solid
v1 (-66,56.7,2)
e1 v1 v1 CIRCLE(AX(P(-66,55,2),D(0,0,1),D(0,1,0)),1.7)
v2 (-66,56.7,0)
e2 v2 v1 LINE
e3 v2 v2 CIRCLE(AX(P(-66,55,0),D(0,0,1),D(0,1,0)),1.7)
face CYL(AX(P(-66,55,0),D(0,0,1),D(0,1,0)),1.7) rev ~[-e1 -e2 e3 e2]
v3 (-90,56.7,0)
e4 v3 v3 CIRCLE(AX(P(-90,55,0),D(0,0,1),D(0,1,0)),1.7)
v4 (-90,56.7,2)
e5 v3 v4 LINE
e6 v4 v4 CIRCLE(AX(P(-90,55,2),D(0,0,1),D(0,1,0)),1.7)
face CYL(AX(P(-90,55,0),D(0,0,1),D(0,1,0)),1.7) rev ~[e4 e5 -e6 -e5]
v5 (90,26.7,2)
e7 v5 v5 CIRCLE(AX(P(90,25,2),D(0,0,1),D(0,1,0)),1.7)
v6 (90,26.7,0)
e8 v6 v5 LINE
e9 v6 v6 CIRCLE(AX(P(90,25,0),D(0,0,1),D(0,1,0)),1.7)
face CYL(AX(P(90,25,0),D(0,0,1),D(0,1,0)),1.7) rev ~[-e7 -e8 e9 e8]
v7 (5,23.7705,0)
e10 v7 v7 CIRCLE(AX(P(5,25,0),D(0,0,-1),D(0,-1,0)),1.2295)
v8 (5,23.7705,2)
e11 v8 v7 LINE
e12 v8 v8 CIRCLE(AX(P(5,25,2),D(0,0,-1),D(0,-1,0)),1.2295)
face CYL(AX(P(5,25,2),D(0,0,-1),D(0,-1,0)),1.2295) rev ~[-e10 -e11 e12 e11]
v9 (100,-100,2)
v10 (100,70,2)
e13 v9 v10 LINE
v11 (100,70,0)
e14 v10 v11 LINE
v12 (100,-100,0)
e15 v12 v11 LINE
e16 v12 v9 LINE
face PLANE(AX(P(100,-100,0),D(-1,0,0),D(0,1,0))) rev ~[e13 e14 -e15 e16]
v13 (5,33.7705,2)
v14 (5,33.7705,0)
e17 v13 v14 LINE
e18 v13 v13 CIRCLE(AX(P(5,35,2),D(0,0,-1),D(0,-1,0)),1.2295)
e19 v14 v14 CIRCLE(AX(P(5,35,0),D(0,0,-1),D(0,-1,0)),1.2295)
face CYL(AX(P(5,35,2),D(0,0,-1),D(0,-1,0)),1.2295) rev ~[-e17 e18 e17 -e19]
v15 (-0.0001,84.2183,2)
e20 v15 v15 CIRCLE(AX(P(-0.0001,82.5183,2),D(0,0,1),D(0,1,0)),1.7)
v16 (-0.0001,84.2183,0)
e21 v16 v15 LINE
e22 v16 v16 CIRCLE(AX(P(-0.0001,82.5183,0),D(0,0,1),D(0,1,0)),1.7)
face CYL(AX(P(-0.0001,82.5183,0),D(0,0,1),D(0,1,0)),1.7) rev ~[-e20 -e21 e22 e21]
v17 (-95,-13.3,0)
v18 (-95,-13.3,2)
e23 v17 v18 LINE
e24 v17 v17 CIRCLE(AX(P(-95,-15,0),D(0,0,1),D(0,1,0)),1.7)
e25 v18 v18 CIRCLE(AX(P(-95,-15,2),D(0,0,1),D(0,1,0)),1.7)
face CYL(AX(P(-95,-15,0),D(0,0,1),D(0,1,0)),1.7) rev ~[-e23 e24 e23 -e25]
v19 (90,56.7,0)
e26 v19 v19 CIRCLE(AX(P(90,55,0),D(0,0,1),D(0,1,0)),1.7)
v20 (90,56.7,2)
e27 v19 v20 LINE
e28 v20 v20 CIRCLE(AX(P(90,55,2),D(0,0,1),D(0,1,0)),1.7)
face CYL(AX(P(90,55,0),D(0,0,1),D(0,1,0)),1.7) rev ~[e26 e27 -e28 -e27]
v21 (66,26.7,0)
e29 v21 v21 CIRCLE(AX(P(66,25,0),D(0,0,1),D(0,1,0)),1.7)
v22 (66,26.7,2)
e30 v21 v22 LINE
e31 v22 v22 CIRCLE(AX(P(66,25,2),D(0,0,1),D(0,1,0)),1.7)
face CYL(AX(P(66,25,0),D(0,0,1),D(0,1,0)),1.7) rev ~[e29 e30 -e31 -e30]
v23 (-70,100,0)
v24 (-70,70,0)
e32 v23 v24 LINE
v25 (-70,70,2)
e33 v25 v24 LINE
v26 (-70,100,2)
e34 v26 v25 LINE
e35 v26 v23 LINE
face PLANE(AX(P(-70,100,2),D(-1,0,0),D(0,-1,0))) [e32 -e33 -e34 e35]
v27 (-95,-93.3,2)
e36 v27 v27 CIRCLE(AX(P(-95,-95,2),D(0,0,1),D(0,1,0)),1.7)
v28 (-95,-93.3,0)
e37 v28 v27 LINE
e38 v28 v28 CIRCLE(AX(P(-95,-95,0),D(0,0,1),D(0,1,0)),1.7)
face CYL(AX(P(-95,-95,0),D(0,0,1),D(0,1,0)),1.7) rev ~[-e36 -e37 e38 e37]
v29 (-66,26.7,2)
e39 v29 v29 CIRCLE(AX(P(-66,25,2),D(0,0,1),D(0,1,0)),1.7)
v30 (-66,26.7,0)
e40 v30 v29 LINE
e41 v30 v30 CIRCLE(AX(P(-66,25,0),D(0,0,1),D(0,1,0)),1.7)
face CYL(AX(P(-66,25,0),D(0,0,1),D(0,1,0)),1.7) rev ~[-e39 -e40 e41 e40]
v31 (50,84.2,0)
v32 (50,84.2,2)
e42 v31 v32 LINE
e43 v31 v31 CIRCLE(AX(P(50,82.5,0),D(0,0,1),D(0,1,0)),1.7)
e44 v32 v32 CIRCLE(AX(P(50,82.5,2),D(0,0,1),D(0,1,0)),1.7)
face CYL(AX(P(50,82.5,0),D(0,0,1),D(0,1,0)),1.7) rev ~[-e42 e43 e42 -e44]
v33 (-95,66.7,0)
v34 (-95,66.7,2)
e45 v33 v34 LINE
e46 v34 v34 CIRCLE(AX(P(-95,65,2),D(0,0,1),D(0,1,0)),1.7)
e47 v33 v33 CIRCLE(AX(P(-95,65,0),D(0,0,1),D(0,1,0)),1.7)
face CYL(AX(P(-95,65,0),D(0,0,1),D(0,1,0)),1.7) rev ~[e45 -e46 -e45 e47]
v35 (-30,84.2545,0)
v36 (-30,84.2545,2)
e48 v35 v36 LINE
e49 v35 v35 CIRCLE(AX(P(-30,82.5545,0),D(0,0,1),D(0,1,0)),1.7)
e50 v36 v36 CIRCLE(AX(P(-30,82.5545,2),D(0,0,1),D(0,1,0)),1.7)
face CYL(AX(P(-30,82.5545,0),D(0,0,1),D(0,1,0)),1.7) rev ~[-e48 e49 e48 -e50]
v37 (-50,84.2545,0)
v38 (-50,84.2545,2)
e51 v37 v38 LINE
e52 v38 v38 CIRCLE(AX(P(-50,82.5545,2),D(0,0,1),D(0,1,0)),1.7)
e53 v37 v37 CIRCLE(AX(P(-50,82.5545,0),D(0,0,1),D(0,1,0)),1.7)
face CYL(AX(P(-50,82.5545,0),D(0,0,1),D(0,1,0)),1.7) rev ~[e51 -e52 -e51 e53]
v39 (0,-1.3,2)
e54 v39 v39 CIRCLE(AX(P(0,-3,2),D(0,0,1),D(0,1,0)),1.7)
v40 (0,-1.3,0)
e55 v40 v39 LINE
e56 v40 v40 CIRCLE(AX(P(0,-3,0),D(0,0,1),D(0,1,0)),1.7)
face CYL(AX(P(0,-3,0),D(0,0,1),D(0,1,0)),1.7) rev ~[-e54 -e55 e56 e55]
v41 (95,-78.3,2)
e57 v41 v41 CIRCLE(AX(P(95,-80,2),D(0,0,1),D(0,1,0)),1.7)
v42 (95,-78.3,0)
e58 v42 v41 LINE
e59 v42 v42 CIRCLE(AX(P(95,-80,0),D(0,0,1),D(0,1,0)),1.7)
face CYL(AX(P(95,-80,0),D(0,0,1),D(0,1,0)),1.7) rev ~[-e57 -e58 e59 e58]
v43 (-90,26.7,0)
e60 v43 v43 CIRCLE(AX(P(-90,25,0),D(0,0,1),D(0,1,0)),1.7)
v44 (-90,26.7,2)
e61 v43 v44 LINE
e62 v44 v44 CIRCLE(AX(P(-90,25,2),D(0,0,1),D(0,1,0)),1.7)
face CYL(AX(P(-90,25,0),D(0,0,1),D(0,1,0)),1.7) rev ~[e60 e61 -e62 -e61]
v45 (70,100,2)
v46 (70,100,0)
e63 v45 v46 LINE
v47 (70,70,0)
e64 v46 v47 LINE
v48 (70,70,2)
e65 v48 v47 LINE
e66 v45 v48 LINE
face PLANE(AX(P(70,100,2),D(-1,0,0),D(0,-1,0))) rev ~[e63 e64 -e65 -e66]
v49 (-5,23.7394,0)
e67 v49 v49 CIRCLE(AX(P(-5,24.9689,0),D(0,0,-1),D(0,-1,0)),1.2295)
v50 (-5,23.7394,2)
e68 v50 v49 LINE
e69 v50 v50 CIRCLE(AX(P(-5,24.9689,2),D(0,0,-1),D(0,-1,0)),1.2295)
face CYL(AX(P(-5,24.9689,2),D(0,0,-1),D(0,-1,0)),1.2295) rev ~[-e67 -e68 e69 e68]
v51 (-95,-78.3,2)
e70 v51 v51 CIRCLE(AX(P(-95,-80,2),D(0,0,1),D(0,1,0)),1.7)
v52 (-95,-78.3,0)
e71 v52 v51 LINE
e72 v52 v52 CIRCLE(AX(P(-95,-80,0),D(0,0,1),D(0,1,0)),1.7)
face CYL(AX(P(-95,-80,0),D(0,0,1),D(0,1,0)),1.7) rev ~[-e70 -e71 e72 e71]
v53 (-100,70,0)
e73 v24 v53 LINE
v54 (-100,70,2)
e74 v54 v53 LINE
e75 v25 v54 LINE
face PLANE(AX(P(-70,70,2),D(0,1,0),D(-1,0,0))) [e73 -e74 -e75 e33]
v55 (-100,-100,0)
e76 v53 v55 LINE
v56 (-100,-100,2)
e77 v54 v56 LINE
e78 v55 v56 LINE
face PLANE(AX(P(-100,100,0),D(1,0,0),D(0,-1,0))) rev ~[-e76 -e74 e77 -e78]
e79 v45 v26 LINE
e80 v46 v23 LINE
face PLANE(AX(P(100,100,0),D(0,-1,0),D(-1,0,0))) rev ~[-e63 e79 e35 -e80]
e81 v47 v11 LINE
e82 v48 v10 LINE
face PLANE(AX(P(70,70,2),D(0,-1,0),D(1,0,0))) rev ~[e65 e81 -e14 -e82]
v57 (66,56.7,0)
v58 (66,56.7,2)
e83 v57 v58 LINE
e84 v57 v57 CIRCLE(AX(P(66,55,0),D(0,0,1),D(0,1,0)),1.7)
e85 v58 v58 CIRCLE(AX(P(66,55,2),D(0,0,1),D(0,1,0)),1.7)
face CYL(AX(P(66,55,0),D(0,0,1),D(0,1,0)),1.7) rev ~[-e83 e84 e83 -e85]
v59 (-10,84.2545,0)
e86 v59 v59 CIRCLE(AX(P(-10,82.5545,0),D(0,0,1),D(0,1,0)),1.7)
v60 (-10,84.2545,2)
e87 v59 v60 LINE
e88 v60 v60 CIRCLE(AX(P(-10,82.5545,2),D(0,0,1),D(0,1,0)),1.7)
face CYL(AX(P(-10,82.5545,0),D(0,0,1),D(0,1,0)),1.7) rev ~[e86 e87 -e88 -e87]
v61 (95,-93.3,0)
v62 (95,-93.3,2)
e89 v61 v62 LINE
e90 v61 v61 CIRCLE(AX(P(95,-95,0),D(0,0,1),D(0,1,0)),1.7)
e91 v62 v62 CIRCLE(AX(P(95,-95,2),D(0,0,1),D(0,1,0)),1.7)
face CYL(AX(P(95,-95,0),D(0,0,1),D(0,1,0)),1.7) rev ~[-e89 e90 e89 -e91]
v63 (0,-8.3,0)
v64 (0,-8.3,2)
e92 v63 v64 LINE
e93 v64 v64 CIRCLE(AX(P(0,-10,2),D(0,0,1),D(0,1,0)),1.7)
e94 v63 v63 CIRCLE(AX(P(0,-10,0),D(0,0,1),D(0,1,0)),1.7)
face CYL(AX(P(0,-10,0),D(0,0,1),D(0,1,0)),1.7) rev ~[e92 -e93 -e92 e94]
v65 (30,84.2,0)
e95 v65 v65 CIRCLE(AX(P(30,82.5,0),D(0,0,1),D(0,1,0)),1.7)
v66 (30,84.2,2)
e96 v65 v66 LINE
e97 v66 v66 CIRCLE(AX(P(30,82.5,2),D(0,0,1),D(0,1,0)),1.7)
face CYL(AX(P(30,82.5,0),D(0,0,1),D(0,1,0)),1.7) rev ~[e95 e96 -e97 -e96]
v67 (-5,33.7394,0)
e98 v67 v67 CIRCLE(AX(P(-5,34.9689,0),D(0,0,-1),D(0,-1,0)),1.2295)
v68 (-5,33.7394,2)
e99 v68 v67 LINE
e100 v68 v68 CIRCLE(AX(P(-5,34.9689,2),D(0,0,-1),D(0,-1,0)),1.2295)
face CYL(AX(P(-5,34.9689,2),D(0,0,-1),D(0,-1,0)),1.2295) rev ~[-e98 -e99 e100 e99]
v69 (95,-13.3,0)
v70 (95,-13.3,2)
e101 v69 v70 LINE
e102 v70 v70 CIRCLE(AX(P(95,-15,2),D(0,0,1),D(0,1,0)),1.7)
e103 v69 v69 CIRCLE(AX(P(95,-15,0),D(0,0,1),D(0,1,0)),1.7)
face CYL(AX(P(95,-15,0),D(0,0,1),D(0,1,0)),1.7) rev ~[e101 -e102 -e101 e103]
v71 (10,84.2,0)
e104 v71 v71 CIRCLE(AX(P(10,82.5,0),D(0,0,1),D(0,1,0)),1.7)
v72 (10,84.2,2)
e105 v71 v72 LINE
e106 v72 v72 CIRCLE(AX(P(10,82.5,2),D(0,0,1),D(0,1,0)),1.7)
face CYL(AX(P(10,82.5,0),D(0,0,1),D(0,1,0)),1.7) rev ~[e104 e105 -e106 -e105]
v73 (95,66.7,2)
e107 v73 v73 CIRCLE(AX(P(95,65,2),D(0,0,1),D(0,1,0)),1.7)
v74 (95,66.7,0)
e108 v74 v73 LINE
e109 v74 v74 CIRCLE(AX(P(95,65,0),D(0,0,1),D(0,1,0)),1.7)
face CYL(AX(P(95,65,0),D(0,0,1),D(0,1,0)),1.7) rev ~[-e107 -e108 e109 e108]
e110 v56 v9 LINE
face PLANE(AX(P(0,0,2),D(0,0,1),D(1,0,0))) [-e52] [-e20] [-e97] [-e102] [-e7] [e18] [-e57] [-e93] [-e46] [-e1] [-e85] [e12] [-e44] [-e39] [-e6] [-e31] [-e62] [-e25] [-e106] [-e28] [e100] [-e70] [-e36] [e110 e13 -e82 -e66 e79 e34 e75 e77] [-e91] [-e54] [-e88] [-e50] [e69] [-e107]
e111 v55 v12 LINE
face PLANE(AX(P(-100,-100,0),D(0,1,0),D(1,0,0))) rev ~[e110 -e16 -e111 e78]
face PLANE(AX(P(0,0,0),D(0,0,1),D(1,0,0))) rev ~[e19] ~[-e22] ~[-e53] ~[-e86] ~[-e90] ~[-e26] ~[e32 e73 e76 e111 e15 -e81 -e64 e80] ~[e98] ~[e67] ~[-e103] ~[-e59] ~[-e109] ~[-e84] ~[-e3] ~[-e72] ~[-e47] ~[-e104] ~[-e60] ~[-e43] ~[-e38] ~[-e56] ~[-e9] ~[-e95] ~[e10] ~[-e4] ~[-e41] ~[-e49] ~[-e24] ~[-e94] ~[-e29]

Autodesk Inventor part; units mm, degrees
ref_plane "YZ Plane" through (0, 0, 0) normal (1, 0, 0) x (0, 1, 0)
ref_plane "XZ Plane" through (0, 0, 0) normal (0, 1, 0) x (-1, 0, 0)
ref_plane "XY Plane" through (0, 0, 0) normal (0, 0, 1) x (1, 0, 0)
sketch "スケッチ1" plane through (0, 0, 0) normal (0, 0, 1) x (1, 0, 0)
  line L0 (-100, -100) -> (100, -100)
  line L1 (100, -100) -> (100, 100)
  line L2 (100, 100) -> (-100, 100)
  line L3 (-100, 100) -> (-100, -100)
  line L4 (-100, -100) -> (100, 100) construction
  line L5 (100, -100) -> (-100, 100) construction
  point P0 (0, 0)
  dimension "d0" = 200
  dimension "d1" = 200
extrude "押し出し1" add sketch "スケッチ1" along normal blind 2
sketch "スケッチ2" plane through (0, 0, 2) normal (0, 0, 1) x (1, 0, 0)
  line L0 (100, 100) -> (-100, 100) projected
  line L1 (100, 100) -> (70, 100)
  line L2 (70, 100) -> (70, 70)
  line L3 (70, 70) -> (100, 70)
  line L4 (100, 70) -> (100, 100)
  line L5 (-100, -100) -> (100, -100) projected
  line L6 (-100, 100) -> (-100, -100) projected
  line L7 (-100, 100) -> (-70, 100)
  line L8 (-70, 100) -> (-70, 70)
  line L9 (-70, 70) -> (-100, 70)
  line L10 (-100, 70) -> (-100, 100)
  point P0 (0, 0)
  point P1 (-100, 70)
  dimension "d4" = 170
  dimension "d5" = 30
  dimension "d6" = 30
  dimension "d7" = 170
extrude "押し出し2" cut sketch "スケッチ2" against normal blind 2
sketch "スケッチ3" plane through (0, 0, 0) normal (0, 0, -1) x (-1, 0, 0)
  line L0 (-70, 100) -> (70, 100) projected
  point P0 (0, 0)
  point P1 (-35.7932, 78)
  point P2 (37.7411, 78)
  point P3 (-61, 89.1596)
  point P4 (61, 89.1596)
  point P5 (-50, 82.5)
  point P6 (-30, 82.5)
  point P7 (-10, 82.5)
  point P8 (0.0001, 82.5183)
  point P9 (10, 82.5545)
  point P10 (30, 82.5545)
  point P11 (50, 82.5545)
  point P12 (51.6496, 93.6869)
  dimension "d10" = 22
  dimension "d11" = 61
  dimension "d12" = 61
  dimension "d13" = 17.5
  dimension "d14" = 11
  dimension "d15" = 31
  dimension "d16" = 51
  dimension "d17" = 71
  dimension "d18" = 91
  dimension "d19" = 111
hole "穴1" at (50, 82.5, 0) at (30, 82.5, 0) at (10, 82.5, 0) at (-10, 82.5545, 0) at (-30, 82.5545, 0) at (-50, 82.5545, 0) at (-0.0001, 82.5183, 0) direction (0, 0, 1) diameter 3.4 end through all clearance for "Flat Head Machine Screw" size "M3" standard "Ansi Metric M Profile"
sketch "スケッチ4" plane through (0, 0, 0) normal (0, 0, -1) x (-1, 0, 0)
  line L0 (-70, 70) -> (-100, 70) projected
  line L1 (-100, -100) -> (-100, 70) projected
  line L2 (100, 70) -> (100, -100) projected
  line L3 (100, 70) -> (70, 70) projected
  point P0 (0, 0)
  point P1 (-90, 55)
  point P2 (-66, 55)
  point P3 (-90, 25)
  point P4 (-66, 25)
  point P5 (90, 58)
  point P6 (66, 58)
  point P7 (90, 12.16)
  point P8 (66, 12.16)
  dimension "d27" = 15
  dimension "d28" = 15
  dimension "d29" = 10
  dimension "d30" = 24
  dimension "d31" = 10
  dimension "d32" = 30
  dimension "d33" = 30
  dimension "d34" = 24
  dimension "d35" = 10
  dimension "d36" = 12
  dimension "d37" = 24
  dimension "d38" = 10
  dimension "d39" = 24
hole "穴2" at (66, 25, 0) at (90, 25, 0) at (66, 55, 0) at (90, 55, 0) direction (0, 0, 1) diameter 3.4 end through all clearance for "Flat Head Machine Screw" size "M3" standard "Ansi Metric M Profile"
sketch "スケッチ5" plane through (0, 0, 0) normal (0, 0, -1) x (-1, 0, 0)
  point P0 (0, 0)
sketch "スケッチ6" plane through (0, 0, 0) normal (0, 0, -1) x (-1, 0, 0)
  line L0 (100, 70) -> (70, 70) projected
  line L1 (100, 70) -> (100, -100) projected
  point P0 (0, 0)
  point P1 (90, 55)
  point P2 (66, 55)
  point P3 (90, 25)
  point P4 (66, 25)
  dimension "d47" = 15
  dimension "d48" = 15
  dimension "d49" = 10
  dimension "d50" = 24
  dimension "d51" = 10
  dimension "d52" = 24
  dimension "d53" = 30
  dimension "d54" = 30
hole "穴3" at (-90, 25, 0) at (-66, 25, 0) at (-66, 55, 0) at (-90, 55, 0) direction (0, 0, 1) diameter 3.4 end through all clearance for "Flat Head Machine Screw" size "M3" standard "Ansi Metric M Profile"
sketch "スケッチ7" plane through (0, 0, 0) normal (0, 0, -1) x (-1, 0, 0)
  point P0 (0, 0)
sketch "スケッチ8" plane through (0, 0, 0) normal (0, 0, -1) x (-1, 0, 0)
  line L0 (-100, -100) -> (-100, 70) projected
  line L1 (-70, 70) -> (-100, 70) projected
  line L2 (100, 70) -> (70, 70) projected
  line L3 (100, 70) -> (100, -100) projected
  point P0 (0, 0)
  point P1 (-95, 65)
  point P2 (95, 65)
  dimension "d62" = 5
  dimension "d63" = 5
  dimension "d64" = 5
  dimension "d65" = 5
hole "穴4" at (95, 65, 0) at (-95, 65, 0) direction (0, 0, 1) diameter 3.4 end through all clearance for "Flat Head Machine Screw" size "M3" standard "Ansi Metric M Profile"
sketch "スケッチ9" plane through (0, 0, 0) normal (0, 0, -1) x (-1, 0, 0)
  line L0 (-100, -100) -> (-100, 70) projected
  line L1 (100, -100) -> (-100, -100) projected
  line L2 (100, 70) -> (100, -100) projected
  point P0 (0, 0)
  point P1 (-95, -95)
  point P2 (95, -95)
  dimension "d73" = 5
  dimension "d74" = 5
  dimension "d75" = 5
  dimension "d76" = 5
hole "穴5" at (95, -95, 0) at (-95, -95, 0) direction (0, 0, 1) diameter 3.4 end through all clearance for "Flat Head Machine Screw" size "M3" standard "Ansi Metric M Profile"
sketch "スケッチ10" plane through (0, 0, 0) normal (0, 0, -1) x (-1, 0, 0)
  circle A0 centre (-95, 65) radius 1.7 projected
  line L0 (-100, -100) -> (-100, 70) projected
  line L1 (100, 70) -> (100, -100) projected
  point P0 (0, 0)
  point P1 (-95, -15)
  point P2 (95, -25)
  dimension "d84" = 80
  dimension "d85" = 5
  dimension "d86" = 5
hole "穴6" at (95, -15, 0) direction (0, 0, 1) diameter 3.4 end through all clearance for "Flat Head Machine Screw" size "M3" standard "Ansi Metric M Profile"
sketch "スケッチ11" plane through (0, 0, 0) normal (0, 0, -1) x (-1, 0, 0)
  line L0 (-70, 100) -> (70, 100) projected
  point P0 (0, 0)
  point P1 (0, 0)
  point P2 (0, -10)
  dimension "d94" = 110
hole "穴7" at (0, -10, 0) direction (0, 0, 1) diameter 3.4 end through all clearance for "Flat Head Machine Screw" size "M3" standard "Ansi Metric M Profile"
sketch "スケッチ12" plane through (0, 0, 0) normal (0, 0, -1) x (-1, 0, 0)
  line L0 (100, -100) -> (-100, -100) projected
  line L1 (100, 70) -> (100, -100) projected
  line L2 (-100, -100) -> (-100, 70) projected
  point P0 (0, 0)
  point P1 (-95, -80)
  point P2 (95, -80)
  dimension "d102" = 20
  dimension "d103" = 20
  dimension "d104" = 5
  dimension "d105" = 5
hole "穴8" at (95, -80, 0) at (-95, -80, 0) direction (0, 0, 1) diameter 3.4 end through all clearance for "Flat Head Machine Screw" size "M3" standard "Ansi Metric M Profile"
sketch "スケッチ13" plane through (0, 0, 0) normal (0, 0, -1) x (-1, 0, 0)
  point P0 (0, 0)
sketch "スケッチ14" plane through (0, 0, 0) normal (0, 0, -1) x (-1, 0, 0)
  line L0 (100, 70) -> (100, -100) projected
  circle A0 centre (95, 65) radius 1.7 projected
  point P0 (0, 0)
  point P1 (95, -15)
  dimension "d113" = 5
  dimension "d114" = 80
hole "穴9" at (-95, -15, 0) direction (0, 0, 1) diameter 3.4 end through all clearance for "Flat Head Machine Screw" size "M3" standard "Ansi Metric M Profile"
sketch "スケッチ15" plane through (0, 0, 0) normal (0, 0, -1) x (-1, 0, 0)
  circle A0 centre (0, -10) radius 1.7 projected
  point P0 (0, 0)
  point P1 (0, -3)
  dimension "d122" = 7
hole "穴10" at (0, -3, 0) direction (0, 0, 1) diameter 3.4 end through all clearance for "Flat Head Machine Screw" size "M3" standard "Ansi Metric M Profile"
sketch "スケッチ16" plane through (0, 0, 2) normal (0, 0, 1) x (1, 0, 0)
  point P0 (0, 0)
  point P1 (-5, 24.9689)
  point P2 (5, 25)
  point P3 (5, 35)
  point P4 (-5, 34.9689)
  dimension "d130" = 5
  dimension "d131" = 5
  dimension "d132" = 10
  dimension "d133" = 10
  dimension "d134" = 5
  dimension "d135" = 5
hole "穴11" at (-5, 34.9689, 2) at (-5, 24.9689, 2) at (5, 25, 2) at (5, 35, 2) direction (0, 0, -1) diameter 2.459 depth 8.8 tip angle 118 thread size "M3x0.5" class "6H" standard "ANSI Metric M Profile"
sketch "スケッチ17" plane through (0, 0, 2) normal (0, 0, 1) x (1, 0, 0)
  point P0 (0, 0)
properties part number "20220522"
